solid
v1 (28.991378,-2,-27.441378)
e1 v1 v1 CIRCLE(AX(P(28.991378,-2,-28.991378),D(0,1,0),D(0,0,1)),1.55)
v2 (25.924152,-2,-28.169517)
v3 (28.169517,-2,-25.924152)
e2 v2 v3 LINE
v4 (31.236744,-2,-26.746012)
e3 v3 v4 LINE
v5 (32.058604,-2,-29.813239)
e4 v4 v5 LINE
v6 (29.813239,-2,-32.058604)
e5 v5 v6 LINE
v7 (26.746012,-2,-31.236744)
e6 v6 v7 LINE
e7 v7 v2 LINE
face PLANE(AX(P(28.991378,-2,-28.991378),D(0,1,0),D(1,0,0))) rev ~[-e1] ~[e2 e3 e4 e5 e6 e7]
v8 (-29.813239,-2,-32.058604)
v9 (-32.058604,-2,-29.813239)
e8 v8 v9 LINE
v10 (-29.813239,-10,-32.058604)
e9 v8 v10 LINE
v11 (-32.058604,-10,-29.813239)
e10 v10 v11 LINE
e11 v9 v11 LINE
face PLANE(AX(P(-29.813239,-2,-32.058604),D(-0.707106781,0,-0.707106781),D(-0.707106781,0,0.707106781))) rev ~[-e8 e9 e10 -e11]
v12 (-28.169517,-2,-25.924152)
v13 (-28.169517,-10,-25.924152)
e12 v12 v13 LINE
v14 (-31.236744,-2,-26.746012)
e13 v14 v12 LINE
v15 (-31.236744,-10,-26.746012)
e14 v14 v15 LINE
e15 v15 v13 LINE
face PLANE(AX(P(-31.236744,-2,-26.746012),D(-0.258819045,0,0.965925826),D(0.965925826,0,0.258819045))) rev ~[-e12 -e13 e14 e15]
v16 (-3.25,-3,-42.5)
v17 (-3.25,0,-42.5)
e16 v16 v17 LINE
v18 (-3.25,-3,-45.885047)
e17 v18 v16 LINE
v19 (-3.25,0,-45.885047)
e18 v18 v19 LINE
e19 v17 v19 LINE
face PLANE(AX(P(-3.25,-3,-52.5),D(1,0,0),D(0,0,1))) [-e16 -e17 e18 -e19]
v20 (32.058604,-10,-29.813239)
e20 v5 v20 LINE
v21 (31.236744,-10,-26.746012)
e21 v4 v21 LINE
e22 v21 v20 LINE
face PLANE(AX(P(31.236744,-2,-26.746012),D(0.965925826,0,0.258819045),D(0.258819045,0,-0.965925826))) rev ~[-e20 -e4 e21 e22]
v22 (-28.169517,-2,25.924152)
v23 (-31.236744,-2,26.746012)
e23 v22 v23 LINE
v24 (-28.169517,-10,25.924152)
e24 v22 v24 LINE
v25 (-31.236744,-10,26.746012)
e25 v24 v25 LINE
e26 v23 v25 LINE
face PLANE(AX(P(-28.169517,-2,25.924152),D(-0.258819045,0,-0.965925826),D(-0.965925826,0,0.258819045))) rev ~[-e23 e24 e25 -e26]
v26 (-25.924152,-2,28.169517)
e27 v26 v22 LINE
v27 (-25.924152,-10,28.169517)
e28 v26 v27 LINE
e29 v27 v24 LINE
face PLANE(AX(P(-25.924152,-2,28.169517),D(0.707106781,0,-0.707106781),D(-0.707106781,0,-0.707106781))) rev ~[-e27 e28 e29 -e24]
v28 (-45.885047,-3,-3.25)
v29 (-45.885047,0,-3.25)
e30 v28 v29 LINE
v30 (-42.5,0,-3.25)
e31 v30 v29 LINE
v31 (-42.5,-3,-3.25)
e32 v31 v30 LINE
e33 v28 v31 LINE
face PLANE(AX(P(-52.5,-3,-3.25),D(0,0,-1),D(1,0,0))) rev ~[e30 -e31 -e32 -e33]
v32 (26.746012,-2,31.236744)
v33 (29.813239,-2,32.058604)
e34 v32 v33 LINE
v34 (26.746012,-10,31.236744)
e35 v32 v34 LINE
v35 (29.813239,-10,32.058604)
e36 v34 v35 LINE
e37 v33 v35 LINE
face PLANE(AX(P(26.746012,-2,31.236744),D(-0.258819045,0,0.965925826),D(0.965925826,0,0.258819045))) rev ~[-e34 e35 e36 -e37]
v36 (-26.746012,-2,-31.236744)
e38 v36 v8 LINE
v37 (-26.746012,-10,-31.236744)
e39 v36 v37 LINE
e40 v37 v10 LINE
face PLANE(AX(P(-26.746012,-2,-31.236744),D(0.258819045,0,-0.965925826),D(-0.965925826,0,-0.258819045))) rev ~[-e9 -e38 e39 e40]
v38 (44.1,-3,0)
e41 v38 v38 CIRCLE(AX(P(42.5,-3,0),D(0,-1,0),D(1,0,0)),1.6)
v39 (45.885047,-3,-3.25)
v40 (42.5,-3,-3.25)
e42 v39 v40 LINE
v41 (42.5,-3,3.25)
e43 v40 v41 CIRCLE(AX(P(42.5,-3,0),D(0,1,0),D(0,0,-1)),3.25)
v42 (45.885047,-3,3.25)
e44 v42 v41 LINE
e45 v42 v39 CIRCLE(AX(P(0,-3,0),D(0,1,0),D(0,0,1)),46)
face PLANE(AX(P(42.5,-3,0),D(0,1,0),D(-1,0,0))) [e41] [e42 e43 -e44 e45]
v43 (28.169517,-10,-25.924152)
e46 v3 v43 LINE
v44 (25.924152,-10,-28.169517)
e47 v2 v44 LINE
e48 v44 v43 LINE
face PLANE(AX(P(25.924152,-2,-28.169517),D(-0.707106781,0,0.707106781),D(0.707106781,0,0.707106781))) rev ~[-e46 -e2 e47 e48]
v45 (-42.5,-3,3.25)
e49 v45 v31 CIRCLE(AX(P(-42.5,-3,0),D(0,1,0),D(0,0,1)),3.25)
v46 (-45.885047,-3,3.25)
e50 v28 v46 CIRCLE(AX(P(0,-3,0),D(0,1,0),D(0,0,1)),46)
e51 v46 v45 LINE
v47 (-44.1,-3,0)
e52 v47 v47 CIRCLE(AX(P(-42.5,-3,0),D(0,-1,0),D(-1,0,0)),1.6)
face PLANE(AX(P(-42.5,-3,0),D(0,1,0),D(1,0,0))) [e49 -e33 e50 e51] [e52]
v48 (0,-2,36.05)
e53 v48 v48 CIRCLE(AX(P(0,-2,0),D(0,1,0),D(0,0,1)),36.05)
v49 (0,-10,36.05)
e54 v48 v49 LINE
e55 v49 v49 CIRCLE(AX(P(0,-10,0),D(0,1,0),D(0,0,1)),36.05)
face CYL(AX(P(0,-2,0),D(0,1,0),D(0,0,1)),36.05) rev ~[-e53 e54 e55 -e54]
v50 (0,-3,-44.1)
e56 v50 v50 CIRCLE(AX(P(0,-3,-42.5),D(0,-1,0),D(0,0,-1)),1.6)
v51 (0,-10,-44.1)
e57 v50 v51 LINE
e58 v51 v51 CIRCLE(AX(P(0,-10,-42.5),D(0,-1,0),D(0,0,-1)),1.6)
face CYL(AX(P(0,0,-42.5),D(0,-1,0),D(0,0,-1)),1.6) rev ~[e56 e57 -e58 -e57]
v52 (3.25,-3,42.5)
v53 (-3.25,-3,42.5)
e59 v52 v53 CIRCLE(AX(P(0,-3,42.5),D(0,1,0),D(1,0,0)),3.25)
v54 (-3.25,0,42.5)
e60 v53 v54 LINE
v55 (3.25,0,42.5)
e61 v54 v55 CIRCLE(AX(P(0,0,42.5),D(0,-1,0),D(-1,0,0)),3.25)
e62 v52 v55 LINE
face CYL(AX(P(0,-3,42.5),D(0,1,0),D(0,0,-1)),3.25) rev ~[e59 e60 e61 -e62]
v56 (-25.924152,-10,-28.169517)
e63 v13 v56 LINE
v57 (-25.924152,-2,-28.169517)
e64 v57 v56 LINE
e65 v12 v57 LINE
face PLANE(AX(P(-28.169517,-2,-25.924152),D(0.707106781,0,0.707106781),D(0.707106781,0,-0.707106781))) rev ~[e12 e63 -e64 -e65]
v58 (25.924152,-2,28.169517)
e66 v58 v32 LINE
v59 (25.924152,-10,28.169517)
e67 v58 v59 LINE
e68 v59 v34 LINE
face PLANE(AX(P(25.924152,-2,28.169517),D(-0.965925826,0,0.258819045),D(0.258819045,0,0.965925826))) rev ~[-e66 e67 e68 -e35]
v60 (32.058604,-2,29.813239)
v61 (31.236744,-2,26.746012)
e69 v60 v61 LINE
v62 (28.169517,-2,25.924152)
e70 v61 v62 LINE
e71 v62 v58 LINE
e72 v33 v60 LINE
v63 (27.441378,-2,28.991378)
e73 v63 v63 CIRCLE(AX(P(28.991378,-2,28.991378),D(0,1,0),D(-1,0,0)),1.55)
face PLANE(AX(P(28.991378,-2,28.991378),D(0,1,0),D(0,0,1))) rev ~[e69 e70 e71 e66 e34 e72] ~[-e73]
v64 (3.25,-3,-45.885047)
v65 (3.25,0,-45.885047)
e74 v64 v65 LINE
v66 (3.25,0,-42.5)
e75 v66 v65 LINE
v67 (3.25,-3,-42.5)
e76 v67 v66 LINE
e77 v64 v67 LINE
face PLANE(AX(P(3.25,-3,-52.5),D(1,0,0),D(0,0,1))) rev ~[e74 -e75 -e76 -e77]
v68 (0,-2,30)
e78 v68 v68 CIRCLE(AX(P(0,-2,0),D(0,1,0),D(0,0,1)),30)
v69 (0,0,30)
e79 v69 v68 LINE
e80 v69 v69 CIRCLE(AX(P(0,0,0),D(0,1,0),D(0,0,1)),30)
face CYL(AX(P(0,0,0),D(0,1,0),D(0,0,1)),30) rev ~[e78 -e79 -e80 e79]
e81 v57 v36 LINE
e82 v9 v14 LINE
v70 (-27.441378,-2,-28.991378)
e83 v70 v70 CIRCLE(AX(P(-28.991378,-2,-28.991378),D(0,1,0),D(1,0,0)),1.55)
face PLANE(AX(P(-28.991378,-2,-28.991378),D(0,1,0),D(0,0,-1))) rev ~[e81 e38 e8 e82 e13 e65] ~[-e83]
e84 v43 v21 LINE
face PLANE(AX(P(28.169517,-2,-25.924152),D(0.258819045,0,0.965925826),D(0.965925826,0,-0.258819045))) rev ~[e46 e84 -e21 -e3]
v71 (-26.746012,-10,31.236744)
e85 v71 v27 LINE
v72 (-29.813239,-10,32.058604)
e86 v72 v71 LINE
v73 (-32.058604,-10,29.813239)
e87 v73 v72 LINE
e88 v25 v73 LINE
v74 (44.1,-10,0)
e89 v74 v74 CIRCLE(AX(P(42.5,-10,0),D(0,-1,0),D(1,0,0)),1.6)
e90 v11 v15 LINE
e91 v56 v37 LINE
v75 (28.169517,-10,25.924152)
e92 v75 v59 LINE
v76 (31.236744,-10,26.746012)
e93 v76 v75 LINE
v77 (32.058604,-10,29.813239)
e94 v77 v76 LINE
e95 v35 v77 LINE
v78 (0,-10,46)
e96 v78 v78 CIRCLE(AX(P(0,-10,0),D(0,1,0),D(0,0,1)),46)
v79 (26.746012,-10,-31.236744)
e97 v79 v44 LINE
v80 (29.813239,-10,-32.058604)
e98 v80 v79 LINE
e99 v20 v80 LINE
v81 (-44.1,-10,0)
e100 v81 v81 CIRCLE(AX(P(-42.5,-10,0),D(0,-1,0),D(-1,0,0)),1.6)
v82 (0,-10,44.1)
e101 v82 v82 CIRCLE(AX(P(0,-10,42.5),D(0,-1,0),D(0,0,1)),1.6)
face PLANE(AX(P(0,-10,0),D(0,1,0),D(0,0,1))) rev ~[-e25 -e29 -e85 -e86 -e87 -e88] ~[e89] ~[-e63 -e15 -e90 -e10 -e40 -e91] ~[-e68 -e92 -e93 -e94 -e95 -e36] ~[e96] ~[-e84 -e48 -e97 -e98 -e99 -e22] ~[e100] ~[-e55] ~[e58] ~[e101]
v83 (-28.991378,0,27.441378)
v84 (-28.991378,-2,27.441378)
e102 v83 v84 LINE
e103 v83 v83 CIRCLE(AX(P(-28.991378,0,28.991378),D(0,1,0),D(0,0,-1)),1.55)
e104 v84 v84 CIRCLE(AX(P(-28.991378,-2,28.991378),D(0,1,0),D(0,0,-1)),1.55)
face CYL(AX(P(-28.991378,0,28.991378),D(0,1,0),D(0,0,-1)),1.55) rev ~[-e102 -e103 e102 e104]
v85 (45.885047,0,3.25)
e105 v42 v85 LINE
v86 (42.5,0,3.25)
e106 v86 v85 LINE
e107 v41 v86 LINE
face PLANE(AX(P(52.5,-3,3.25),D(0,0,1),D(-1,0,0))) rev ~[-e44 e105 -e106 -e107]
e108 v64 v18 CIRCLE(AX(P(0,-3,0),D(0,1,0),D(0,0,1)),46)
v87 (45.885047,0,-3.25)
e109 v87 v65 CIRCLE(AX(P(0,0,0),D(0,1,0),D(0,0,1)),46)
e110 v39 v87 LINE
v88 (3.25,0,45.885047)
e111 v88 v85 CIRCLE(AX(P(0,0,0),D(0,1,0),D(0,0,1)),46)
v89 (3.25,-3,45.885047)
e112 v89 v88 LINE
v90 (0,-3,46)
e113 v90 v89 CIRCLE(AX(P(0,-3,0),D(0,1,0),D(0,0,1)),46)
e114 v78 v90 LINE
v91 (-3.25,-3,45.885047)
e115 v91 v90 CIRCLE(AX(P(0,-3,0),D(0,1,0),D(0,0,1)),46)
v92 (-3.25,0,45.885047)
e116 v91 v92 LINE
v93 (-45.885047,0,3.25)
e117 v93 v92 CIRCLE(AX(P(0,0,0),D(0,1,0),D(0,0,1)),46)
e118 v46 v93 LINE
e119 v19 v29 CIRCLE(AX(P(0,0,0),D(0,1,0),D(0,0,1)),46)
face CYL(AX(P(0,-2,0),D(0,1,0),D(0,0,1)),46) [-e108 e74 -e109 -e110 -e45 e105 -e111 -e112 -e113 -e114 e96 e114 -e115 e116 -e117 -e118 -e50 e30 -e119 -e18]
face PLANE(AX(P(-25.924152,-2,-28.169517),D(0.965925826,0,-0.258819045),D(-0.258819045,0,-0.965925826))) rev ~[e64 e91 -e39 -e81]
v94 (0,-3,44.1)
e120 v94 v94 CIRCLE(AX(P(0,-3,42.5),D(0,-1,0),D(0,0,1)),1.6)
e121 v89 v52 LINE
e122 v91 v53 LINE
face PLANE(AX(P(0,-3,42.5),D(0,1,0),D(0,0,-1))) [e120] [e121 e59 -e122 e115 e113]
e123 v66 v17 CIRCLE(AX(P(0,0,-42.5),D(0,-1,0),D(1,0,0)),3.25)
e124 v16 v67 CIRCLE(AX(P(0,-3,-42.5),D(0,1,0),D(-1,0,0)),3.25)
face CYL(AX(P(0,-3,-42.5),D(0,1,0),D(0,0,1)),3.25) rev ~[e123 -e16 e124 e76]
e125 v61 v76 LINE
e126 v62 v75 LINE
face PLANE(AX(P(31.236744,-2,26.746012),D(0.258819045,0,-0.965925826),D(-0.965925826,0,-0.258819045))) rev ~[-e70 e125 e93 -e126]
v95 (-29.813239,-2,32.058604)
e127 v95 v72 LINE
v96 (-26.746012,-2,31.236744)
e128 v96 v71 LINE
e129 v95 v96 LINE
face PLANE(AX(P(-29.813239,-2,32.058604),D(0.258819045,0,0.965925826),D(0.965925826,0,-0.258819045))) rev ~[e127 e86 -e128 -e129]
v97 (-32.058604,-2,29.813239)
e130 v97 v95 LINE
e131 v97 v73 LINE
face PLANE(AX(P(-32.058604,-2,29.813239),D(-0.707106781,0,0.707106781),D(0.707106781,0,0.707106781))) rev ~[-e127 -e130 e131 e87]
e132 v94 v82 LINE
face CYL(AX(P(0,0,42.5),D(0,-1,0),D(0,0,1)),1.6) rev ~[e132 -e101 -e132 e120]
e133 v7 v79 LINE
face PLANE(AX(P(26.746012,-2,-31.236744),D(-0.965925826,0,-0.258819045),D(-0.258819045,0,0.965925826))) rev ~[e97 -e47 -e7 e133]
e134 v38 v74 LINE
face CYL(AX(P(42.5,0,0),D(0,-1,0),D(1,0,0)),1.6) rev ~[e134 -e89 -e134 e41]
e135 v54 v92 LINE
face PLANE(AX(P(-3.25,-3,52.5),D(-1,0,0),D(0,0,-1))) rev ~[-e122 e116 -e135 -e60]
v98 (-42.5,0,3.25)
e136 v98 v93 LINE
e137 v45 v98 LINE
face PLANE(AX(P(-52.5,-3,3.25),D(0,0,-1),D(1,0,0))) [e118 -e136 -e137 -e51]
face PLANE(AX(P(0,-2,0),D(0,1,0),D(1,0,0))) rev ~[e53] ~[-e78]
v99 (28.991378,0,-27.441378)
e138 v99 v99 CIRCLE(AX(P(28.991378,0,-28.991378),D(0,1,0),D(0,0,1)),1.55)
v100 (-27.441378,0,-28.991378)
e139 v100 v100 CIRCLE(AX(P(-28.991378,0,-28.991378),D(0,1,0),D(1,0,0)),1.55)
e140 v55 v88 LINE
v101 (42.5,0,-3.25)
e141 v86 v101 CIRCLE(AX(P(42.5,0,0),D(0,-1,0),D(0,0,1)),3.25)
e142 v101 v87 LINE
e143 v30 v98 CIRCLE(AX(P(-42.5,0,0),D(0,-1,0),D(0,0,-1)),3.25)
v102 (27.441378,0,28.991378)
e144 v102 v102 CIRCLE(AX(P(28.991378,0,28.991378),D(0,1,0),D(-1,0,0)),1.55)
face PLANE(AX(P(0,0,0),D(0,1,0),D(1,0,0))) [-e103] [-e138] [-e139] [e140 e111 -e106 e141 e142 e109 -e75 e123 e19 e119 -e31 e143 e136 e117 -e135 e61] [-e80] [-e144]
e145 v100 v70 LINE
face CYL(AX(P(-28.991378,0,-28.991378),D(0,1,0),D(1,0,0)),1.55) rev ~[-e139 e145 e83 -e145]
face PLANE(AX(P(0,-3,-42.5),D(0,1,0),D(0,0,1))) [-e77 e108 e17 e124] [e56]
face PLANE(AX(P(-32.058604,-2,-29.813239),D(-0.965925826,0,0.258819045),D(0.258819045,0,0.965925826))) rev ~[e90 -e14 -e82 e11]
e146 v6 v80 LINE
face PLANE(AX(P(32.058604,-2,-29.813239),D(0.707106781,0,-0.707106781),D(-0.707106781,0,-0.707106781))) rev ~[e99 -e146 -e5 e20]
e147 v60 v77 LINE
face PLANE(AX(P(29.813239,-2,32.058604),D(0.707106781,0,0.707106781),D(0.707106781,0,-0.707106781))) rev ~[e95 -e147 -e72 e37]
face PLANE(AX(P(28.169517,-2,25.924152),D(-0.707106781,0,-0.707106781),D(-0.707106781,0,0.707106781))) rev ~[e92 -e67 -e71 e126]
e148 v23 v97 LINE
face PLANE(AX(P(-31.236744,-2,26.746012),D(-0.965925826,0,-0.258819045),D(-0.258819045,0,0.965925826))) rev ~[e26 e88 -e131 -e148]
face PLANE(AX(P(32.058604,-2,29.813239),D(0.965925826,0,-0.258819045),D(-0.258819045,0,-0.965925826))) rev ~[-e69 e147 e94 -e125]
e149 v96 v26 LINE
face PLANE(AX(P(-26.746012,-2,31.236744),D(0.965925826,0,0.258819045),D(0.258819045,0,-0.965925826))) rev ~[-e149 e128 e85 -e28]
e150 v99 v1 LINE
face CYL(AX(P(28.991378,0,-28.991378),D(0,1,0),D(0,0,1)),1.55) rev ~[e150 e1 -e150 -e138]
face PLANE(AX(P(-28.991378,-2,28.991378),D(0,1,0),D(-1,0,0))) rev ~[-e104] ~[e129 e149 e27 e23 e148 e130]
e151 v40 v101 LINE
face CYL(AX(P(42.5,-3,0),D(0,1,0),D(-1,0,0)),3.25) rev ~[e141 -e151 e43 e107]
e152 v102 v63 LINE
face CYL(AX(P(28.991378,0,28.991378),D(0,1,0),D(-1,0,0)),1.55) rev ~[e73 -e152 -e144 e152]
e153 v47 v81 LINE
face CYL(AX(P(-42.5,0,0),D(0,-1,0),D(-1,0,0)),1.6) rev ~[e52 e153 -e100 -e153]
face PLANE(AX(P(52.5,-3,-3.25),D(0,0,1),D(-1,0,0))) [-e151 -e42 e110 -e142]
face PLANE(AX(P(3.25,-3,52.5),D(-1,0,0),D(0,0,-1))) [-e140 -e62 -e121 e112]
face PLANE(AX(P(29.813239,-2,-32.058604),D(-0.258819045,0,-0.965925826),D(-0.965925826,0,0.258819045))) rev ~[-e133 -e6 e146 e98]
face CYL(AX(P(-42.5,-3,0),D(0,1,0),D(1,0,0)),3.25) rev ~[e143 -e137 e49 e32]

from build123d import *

# Parameters (mm, degrees)
SKETCH1_R                      = 46
SKETCH1_R_2                    = 36.05
SKETCH1_R_3                    = 30
BOSS_EXTRUDE1_DEPTH            = 2
BOSS_EXTRUDE2_START            = -2
SKETCH1_3_R                    = 46
SKETCH1_3_R_2                  = 36.05
BOSS_EXTRUDE2_DEPTH            = 8
CBORE_FOR_M3_SHCS2_D           = 3.2
CBORE_FOR_M3_SHCS2_CBORE_D     = 6.5
CBORE_FOR_M3_SHCS2_CBORE_DEPTH = 3
SKETCH8_R                      = 3.25
SKETCH8_W                      = 10
SKETCH8_H                      = 6.5
CUT_EXTRUDE1_DEPTH             = 66.429351212
CIRPATTERN1_COUNT              = 4
SKETCH9_R                      = 1.55
CUT_EXTRUDE2_DEPTH             = 66.817930688
CUT_EXTRUDE3_START             = -2
SKETCH9_3_R                    = 1.55
CUT_EXTRUDE3_DEPTH             = 64.817930688
CIRPATTERN2_COUNT              = 4


with BuildPart() as part:
    # Sketch1 → Boss-Extrude1 (new body)
    # profile 1 of 2: a face of its own
    with BuildSketch(Plane(origin=(0, 0, 0), x_dir=(1, 0, 0), z_dir=(0, 1, 0))):
        with Locations(Location((0, 0, 0), (0, 0, 270))):
            Circle(SKETCH1_R)
        Circle(SKETCH1_R_2, mode=Mode.SUBTRACT)
    # profile 2 of 2: a face of its own
    with BuildSketch(Plane(origin=(0, 0, 0), x_dir=(1, 0, 0), z_dir=(0, 1, 0))):
        Circle(SKETCH1_R_2)
        with Locations(Location((0, 0, 0), (0, 0, 270))):
            Circle(SKETCH1_R_3, mode=Mode.SUBTRACT)
    extrude(amount=-BOSS_EXTRUDE1_DEPTH)

    # Sketch1<3> → Boss-Extrude2 (add)
    with BuildSketch(Plane(origin=(0, 0, 0), x_dir=(1, 0, 0), z_dir=(0, 1, 0)).offset(BOSS_EXTRUDE2_START)):
        with Locations(Location((0, 0, 0), (0, 0, 270))):
            Circle(SKETCH1_3_R)
        with Locations(Location((0, 0, 0), (0, 0, 270))):
            Circle(SKETCH1_3_R_2, mode=Mode.SUBTRACT)
    extrude(amount=-BOSS_EXTRUDE2_DEPTH)

    # CBORE for M3 SHCS2 (through all)
    with Locations(Plane(origin=(0, 0, 0), x_dir=(1, 0, 0), z_dir=(0, 1, 0))):
        with Locations((-42.5, 0)):
            cbore_for_m3_shcs2 = CounterBoreHole(CBORE_FOR_M3_SHCS2_D / 2, CBORE_FOR_M3_SHCS2_CBORE_D / 2, CBORE_FOR_M3_SHCS2_CBORE_DEPTH)

    # Sketch8 → Cut-Extrude1 (cut, through all)
    with BuildSketch(Plane(origin=(0, -3, 0), x_dir=(1, 0, 0), z_dir=(0, 1, 0))):
        with Locations((-42.5, 0)):
            Circle(SKETCH8_R)
        with Locations((-47.5, 0)):
            Rectangle(SKETCH8_W, SKETCH8_H)
    cut_extrude1 = extrude(amount=CUT_EXTRUDE1_DEPTH, mode=Mode.SUBTRACT)

    # CirPattern1: CBORE for M3 SHCS2, Cut-Extrude1 ×4 about axis
    cirpattern1_axis = Axis((0, 0, 0), (0, 1, 0))
    add([cbore_for_m3_shcs2.rotate(cirpattern1_axis, i * 360 / CIRPATTERN1_COUNT) for i in range(1, CIRPATTERN1_COUNT)], mode=Mode.SUBTRACT)
    add([cut_extrude1.rotate(cirpattern1_axis, i * 360 / CIRPATTERN1_COUNT) for i in range(1, CIRPATTERN1_COUNT)], mode=Mode.SUBTRACT)

    # Sketch9 → Cut-Extrude2 (cut, through all)
    with BuildSketch(Plane(origin=(0, 0, 0), x_dir=(1, 0, 0), z_dir=(0, 1, 0))):
        with Locations(Location((28.991378029, 28.991378029, 0), (0, 0, 270))):
            Circle(SKETCH9_R)
    cut_extrude2 = extrude(amount=-CUT_EXTRUDE2_DEPTH, mode=Mode.SUBTRACT)

    # Sketch9<3> → Cut-Extrude3 (cut, through all)
    with BuildSketch(Plane(origin=(0, 0, 0), x_dir=(1, 0, 0), z_dir=(0, 1, 0)).offset(CUT_EXTRUDE3_START)):
        Polygon((32.058604476, 29.813238878), (29.813238878, 32.058604476), (26.746012431, 31.236743626), (25.924151582, 28.169517179), (28.169517179, 25.924151582), (31.236743626, 26.746012431), align=None)
        with Locations(Location((28.991378029, 28.991378029, 0), (0, 0, 270))):
            Circle(SKETCH9_3_R, mode=Mode.SUBTRACT)
    cut_extrude3 = extrude(amount=-CUT_EXTRUDE3_DEPTH, mode=Mode.SUBTRACT)

    # CirPattern2: Cut-Extrude2, Cut-Extrude3 ×4 about axis
    cirpattern2_axis = Axis((0, 0, 0), (0, 1, 0))
    add([cut_extrude2.rotate(cirpattern2_axis, i * 360 / CIRPATTERN2_COUNT) for i in range(1, CIRPATTERN2_COUNT)], mode=Mode.SUBTRACT)
    add([cut_extrude3.rotate(cirpattern2_axis, i * 360 / CIRPATTERN2_COUNT) for i in range(1, CIRPATTERN2_COUNT)], mode=Mode.SUBTRACT)


solid = part.part
